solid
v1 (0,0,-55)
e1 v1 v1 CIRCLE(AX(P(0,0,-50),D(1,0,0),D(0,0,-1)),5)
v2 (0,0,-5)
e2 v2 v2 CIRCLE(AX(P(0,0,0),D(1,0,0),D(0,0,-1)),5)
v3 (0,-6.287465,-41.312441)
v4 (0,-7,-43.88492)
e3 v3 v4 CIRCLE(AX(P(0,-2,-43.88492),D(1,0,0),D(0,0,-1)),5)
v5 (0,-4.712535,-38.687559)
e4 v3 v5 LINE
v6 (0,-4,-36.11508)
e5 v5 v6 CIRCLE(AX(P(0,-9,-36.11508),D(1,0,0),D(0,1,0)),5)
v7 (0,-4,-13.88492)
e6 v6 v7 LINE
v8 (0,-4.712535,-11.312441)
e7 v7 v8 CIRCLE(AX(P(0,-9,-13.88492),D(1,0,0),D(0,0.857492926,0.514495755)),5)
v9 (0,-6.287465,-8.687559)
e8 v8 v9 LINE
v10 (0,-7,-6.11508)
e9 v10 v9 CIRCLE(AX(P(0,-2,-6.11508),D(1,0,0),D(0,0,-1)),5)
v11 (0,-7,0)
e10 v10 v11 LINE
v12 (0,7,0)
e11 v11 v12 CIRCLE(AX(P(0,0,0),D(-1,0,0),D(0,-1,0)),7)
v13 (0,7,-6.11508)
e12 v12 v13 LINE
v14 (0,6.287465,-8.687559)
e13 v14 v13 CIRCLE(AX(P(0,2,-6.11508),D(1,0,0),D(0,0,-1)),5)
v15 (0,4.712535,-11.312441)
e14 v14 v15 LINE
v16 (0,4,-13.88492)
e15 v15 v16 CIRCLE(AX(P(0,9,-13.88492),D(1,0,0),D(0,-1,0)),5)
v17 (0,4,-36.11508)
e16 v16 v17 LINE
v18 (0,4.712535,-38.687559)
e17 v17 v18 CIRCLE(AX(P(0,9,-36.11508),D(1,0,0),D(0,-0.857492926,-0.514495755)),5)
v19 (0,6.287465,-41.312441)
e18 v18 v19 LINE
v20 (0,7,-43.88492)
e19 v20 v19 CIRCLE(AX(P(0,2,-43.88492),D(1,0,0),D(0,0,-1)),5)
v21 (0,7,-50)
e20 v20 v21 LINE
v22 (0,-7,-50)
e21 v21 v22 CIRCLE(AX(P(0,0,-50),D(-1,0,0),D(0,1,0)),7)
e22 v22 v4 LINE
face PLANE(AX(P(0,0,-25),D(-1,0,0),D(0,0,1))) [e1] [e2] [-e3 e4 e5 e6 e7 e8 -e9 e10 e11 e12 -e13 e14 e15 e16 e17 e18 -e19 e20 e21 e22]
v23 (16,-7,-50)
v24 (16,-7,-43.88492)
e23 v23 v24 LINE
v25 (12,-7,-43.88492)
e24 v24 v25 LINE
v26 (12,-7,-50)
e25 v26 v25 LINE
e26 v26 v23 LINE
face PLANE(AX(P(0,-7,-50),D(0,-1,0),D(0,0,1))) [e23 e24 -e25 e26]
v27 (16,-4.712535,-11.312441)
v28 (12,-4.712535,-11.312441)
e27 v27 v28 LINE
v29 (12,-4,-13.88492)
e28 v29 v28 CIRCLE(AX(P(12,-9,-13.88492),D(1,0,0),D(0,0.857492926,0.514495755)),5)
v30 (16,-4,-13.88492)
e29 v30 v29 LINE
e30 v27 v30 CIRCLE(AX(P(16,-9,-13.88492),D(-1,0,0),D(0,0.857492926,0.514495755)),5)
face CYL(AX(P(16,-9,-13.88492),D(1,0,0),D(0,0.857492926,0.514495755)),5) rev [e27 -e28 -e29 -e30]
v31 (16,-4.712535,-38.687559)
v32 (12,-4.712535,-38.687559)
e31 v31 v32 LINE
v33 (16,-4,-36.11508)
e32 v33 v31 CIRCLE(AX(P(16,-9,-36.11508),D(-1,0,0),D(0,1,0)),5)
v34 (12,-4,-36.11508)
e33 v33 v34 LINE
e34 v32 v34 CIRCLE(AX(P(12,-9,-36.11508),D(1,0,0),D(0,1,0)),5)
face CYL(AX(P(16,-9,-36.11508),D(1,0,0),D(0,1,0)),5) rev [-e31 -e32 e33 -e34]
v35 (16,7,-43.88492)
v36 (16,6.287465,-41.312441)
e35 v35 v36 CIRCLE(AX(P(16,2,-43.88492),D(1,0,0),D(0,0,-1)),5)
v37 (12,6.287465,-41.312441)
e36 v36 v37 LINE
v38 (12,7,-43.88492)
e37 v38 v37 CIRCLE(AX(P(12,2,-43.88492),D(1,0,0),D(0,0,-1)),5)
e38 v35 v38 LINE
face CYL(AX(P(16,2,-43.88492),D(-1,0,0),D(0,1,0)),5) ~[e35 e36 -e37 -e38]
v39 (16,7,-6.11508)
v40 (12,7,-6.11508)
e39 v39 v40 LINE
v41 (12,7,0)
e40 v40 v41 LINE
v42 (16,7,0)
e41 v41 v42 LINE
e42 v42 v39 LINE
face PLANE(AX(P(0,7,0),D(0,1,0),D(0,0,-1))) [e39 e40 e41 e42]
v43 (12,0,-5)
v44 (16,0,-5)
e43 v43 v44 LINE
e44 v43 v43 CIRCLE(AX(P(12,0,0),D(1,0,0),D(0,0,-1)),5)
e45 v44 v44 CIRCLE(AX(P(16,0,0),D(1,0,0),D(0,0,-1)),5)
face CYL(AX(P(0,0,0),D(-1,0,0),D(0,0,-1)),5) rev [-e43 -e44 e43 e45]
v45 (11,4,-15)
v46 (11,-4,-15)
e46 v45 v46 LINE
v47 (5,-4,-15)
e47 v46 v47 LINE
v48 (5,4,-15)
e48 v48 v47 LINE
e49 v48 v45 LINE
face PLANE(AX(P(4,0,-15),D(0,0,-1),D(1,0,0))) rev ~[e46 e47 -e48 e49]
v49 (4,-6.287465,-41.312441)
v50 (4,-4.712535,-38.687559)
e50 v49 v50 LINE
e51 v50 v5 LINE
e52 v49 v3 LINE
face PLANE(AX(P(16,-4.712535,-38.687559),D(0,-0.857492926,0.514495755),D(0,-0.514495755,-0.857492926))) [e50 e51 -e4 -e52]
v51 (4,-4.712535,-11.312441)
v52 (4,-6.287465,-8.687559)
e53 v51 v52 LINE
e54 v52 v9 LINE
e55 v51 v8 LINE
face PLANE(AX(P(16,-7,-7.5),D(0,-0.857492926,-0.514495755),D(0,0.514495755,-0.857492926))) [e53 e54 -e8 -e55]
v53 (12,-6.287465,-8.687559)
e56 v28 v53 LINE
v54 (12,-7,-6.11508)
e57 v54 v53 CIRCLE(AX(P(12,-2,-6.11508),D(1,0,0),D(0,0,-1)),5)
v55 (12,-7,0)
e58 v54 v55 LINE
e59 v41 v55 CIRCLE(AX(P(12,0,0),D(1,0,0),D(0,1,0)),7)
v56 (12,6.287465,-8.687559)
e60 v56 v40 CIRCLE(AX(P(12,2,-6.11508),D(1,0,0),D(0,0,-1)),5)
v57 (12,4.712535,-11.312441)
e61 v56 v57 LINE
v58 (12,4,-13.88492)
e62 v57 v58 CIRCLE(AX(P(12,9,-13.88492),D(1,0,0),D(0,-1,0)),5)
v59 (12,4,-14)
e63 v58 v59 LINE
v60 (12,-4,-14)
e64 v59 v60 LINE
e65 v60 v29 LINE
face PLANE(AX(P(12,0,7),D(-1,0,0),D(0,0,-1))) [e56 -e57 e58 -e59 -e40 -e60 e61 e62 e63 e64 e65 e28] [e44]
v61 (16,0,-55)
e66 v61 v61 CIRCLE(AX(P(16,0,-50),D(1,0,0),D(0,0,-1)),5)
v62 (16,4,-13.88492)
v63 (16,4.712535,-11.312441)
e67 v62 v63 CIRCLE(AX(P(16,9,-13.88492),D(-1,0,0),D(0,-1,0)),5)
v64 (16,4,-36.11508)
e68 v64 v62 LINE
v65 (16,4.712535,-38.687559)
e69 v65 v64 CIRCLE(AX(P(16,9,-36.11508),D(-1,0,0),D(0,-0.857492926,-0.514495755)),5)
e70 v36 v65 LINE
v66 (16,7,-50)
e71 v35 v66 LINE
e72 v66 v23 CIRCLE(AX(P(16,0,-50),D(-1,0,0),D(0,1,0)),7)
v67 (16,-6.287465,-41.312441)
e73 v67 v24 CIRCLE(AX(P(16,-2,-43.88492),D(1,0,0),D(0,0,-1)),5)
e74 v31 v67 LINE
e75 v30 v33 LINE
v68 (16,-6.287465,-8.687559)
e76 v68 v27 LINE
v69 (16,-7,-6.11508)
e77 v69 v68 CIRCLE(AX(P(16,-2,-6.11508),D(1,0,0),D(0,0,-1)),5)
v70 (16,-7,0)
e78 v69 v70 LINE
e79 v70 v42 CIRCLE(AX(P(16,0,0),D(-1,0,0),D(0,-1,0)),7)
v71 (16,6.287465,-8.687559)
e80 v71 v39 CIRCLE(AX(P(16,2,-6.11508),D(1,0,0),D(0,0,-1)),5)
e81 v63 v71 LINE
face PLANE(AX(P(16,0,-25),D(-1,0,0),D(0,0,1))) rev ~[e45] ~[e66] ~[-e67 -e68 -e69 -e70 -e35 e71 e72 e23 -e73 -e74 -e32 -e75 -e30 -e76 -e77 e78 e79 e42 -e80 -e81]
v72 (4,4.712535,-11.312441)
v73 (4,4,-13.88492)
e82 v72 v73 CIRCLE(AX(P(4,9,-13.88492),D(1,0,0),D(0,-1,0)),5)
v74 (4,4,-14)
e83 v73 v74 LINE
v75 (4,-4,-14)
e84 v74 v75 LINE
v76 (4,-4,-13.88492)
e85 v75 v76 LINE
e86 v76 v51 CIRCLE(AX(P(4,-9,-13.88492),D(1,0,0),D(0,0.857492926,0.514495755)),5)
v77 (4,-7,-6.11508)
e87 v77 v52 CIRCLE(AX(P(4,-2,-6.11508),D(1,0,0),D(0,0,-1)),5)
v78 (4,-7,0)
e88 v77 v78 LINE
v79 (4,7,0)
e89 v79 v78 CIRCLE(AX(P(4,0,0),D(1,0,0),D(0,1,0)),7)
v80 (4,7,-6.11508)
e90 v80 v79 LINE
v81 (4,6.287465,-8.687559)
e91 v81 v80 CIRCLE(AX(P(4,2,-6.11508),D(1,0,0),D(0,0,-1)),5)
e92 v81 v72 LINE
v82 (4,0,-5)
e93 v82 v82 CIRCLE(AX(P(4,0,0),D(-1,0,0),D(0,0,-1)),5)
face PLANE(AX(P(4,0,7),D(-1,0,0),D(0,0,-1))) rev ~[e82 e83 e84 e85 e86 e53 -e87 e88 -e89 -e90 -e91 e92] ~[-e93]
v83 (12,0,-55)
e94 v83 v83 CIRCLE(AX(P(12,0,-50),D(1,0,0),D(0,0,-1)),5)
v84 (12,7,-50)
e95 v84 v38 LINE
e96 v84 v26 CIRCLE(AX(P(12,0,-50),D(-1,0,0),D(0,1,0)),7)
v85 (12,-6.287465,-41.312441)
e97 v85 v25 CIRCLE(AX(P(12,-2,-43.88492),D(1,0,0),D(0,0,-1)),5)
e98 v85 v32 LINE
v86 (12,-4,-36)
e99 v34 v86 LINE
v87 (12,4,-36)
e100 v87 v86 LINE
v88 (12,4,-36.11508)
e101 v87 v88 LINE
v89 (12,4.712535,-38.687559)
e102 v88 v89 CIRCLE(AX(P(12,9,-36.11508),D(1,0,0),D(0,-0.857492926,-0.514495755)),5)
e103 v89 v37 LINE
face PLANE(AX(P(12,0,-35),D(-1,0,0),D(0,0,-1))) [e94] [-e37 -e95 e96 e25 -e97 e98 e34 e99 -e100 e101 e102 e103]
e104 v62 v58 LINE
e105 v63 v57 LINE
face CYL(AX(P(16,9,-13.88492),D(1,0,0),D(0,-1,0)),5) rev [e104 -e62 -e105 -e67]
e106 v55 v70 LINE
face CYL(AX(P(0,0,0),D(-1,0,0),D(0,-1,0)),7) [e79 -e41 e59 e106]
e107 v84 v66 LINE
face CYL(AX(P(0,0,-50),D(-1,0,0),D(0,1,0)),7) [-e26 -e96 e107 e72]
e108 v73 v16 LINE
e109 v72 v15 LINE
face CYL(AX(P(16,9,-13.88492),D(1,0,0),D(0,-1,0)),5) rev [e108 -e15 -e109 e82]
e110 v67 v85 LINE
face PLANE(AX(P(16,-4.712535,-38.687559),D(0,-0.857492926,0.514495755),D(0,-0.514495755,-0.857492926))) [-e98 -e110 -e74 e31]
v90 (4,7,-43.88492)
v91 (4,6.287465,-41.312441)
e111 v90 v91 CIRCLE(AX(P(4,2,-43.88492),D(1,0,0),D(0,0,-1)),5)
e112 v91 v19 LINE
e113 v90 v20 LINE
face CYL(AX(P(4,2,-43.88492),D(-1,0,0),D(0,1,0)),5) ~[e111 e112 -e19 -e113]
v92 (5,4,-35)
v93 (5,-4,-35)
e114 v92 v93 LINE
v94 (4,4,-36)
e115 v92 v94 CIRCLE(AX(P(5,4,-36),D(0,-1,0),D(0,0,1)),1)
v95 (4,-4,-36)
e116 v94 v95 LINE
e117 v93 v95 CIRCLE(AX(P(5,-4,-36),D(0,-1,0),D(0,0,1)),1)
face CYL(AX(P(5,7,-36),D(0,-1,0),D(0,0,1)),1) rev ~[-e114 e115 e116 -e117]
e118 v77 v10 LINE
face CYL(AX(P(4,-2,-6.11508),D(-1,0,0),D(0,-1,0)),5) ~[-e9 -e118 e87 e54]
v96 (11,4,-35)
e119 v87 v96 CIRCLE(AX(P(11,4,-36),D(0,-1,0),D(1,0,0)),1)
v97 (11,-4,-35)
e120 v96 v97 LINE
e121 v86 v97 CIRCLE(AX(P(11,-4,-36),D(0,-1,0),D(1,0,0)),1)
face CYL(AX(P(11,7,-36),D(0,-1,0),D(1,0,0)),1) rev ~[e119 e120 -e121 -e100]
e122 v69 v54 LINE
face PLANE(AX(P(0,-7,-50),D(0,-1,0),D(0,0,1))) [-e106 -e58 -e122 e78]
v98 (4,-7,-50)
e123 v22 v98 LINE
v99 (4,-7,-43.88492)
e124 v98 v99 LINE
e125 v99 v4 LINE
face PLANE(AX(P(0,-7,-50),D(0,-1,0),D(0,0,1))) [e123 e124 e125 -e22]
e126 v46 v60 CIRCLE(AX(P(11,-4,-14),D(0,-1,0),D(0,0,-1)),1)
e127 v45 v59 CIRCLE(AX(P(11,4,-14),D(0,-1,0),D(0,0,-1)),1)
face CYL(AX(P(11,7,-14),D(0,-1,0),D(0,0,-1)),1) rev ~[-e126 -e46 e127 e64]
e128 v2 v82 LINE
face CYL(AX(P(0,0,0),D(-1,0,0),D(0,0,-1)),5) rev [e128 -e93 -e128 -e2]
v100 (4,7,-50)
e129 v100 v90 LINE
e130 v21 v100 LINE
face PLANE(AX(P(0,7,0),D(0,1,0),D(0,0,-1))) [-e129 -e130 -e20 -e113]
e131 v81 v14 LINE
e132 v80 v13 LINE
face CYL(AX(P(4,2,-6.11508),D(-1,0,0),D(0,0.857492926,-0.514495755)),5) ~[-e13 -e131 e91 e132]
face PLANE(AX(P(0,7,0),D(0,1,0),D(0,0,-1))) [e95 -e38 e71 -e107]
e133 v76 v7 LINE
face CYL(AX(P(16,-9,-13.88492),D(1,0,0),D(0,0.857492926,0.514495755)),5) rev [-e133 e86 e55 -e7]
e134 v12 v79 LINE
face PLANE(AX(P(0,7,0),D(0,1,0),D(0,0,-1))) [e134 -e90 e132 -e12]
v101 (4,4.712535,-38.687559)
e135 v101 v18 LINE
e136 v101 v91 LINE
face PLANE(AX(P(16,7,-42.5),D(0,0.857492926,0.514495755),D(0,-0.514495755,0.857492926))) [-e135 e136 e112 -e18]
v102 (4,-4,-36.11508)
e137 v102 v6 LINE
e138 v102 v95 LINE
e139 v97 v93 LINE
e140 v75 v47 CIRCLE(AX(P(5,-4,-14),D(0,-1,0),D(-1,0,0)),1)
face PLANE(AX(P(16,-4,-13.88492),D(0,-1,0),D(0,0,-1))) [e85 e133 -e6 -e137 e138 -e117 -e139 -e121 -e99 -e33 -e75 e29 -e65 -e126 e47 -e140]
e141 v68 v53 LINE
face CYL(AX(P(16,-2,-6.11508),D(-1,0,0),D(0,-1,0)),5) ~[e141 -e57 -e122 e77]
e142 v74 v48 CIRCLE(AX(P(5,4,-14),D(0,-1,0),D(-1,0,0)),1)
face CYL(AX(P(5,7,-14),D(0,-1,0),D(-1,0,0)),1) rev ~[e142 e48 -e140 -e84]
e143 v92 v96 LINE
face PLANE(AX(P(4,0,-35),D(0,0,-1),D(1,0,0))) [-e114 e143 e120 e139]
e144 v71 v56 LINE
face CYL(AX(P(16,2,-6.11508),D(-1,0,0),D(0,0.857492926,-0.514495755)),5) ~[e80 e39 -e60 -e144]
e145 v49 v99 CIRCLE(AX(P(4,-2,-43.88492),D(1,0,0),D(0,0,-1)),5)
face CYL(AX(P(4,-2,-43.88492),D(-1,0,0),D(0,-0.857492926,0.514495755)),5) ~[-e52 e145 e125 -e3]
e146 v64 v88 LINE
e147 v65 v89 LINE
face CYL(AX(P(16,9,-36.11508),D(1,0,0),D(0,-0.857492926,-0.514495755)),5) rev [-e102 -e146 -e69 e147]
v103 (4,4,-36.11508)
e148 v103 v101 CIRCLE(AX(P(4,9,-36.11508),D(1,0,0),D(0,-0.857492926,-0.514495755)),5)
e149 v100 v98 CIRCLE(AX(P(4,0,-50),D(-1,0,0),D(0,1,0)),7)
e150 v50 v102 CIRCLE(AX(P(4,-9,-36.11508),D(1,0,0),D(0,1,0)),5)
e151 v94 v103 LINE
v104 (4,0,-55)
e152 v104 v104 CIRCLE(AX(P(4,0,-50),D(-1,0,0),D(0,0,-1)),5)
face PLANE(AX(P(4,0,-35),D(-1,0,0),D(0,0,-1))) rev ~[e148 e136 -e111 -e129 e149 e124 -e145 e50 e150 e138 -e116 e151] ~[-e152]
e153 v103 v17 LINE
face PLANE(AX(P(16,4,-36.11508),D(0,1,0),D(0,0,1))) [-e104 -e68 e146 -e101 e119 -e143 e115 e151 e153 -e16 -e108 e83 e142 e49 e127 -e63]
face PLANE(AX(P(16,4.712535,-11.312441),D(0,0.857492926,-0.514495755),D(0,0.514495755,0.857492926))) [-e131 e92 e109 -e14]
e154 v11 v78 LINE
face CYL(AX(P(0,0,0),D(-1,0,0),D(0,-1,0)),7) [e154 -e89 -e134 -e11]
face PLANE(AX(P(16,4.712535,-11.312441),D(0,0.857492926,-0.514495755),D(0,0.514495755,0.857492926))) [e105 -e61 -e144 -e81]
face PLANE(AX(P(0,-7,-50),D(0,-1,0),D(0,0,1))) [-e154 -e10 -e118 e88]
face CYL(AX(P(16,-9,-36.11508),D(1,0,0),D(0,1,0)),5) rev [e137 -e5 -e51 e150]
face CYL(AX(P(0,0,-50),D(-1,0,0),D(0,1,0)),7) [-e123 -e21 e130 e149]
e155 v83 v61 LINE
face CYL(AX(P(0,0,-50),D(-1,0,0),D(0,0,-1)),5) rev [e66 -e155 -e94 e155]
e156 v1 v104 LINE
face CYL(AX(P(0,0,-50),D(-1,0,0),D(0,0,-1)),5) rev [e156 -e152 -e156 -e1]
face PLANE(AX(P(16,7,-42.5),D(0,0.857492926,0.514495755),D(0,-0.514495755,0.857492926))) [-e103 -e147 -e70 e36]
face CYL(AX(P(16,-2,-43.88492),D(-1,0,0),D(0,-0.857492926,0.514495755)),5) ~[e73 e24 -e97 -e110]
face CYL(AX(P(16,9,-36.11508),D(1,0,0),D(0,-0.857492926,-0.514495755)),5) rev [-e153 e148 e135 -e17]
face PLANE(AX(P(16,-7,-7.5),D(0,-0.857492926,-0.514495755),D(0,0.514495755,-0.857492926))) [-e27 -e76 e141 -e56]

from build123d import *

# Parameters (mm, degrees)
SKETCH1_R               = 5
BOSS_EXTRUDE1_DEPTH     = 16
SKETCH2_W               = 8
SKETCH2_H               = 22
CUT_EXTRUDE1_DEPTH      = 8
CUT_EXTRUDE1_DEPTH_BACK = 8
FILLET1_R               = 1
CUT_EXTRUDE2_DEPTH      = 17
FILLET2_R               = 5


with BuildPart() as part:
    # Sketch1 → Boss-Extrude1 (new body)
    with BuildSketch(Plane(origin=(0, 0, 0), x_dir=(0, 0, -1), z_dir=(1, 0, 0))):
        with BuildLine():
            Line((0, 7), (50, 7))
            ThreePointArc((50, 7), (57, 0), (50, -7))
            Line((50, -7), (0, -7))
            ThreePointArc((0, -7), (-7, 0), (0, 7))
        make_face()
        Circle(SKETCH1_R, mode=Mode.SUBTRACT)
        with Locations((50, 0)):
            Circle(SKETCH1_R, mode=Mode.SUBTRACT)
    extrude(amount=BOSS_EXTRUDE1_DEPTH)

    # Sketch2 → Cut-Extrude1 (cut, two sides)
    with BuildSketch(Plane(origin=(0, 0, 0), x_dir=(1, 0, 0), z_dir=(0, 1, 0))) as cut_extrude1_sk:
        with Locations((8, 4)):
            Rectangle(SKETCH2_W, SKETCH2_H)
        with Locations((8, 46)):
            Rectangle(SKETCH2_W, SKETCH2_H)
    extrude(amount=CUT_EXTRUDE1_DEPTH, mode=Mode.SUBTRACT)
    extrude(cut_extrude1_sk.sketch, amount=-CUT_EXTRUDE1_DEPTH_BACK, mode=Mode.SUBTRACT)

    # Fillet1
    fillet1_edges = [part.edges().sort_by_distance(p)[0] for p in [
        (12, 0, -15),
        (4, 0, -15),
        (4, 0, -35),
        (12, 0, -35),
    ]]
    fillet(fillet1_edges, radius=FILLET1_R)

    # Sketch3 → Cut-Extrude2 (cut, through all)
    with BuildSketch(Plane(origin=(16, 0, 0), x_dir=(0, 0, -1), z_dir=(1, 0, 0))):
        with BuildLine():
            Line((13.884919825, -4), (36.115080175, -4))
            ThreePointArc((36.115080175, -4), (37.449748085, -4.181425359), (38.687558952, -4.712535371))
            Line((38.687558952, -4.712535371), (42.5, -7))
            Line((42.5, -7), (7.5, -7))
            Line((7.5, -7), (11.312441048, -4.712535371))
            ThreePointArc((11.312441048, -4.712535371), (12.550251915, -4.181425359), (13.884919825, -4))
        make_face()
        with BuildLine():
            Line((11.312441048, 4.712535371), (7.5, 7))
            Line((7.5, 7), (42.5, 7))
            Line((42.5, 7), (38.687558952, 4.712535371))
            ThreePointArc((38.687558952, 4.712535371), (37.449748085, 4.181425359), (36.115080175, 4))
            Line((36.115080175, 4), (13.884919825, 4))
            ThreePointArc((13.884919825, 4), (12.550251915, 4.181425359), (11.312441048, 4.712535371))
        make_face()
    extrude(amount=-CUT_EXTRUDE2_DEPTH, mode=Mode.SUBTRACT)

    # Fillet2
    fillet2_edges = [part.edges().sort_by_distance(p)[0] for p in [
        (2, -7, -7.5),
        (14, -7, -7.5),
        (14, -7, -42.5),
        (2, -7, -42.5),
        (2, 7, -42.5),
        (14, 7, -42.5),
        (2, 7, -7.5),
        (14, 7, -7.5),
    ]]
    fillet(fillet2_edges, radius=FILLET2_R)


solid = part.part
